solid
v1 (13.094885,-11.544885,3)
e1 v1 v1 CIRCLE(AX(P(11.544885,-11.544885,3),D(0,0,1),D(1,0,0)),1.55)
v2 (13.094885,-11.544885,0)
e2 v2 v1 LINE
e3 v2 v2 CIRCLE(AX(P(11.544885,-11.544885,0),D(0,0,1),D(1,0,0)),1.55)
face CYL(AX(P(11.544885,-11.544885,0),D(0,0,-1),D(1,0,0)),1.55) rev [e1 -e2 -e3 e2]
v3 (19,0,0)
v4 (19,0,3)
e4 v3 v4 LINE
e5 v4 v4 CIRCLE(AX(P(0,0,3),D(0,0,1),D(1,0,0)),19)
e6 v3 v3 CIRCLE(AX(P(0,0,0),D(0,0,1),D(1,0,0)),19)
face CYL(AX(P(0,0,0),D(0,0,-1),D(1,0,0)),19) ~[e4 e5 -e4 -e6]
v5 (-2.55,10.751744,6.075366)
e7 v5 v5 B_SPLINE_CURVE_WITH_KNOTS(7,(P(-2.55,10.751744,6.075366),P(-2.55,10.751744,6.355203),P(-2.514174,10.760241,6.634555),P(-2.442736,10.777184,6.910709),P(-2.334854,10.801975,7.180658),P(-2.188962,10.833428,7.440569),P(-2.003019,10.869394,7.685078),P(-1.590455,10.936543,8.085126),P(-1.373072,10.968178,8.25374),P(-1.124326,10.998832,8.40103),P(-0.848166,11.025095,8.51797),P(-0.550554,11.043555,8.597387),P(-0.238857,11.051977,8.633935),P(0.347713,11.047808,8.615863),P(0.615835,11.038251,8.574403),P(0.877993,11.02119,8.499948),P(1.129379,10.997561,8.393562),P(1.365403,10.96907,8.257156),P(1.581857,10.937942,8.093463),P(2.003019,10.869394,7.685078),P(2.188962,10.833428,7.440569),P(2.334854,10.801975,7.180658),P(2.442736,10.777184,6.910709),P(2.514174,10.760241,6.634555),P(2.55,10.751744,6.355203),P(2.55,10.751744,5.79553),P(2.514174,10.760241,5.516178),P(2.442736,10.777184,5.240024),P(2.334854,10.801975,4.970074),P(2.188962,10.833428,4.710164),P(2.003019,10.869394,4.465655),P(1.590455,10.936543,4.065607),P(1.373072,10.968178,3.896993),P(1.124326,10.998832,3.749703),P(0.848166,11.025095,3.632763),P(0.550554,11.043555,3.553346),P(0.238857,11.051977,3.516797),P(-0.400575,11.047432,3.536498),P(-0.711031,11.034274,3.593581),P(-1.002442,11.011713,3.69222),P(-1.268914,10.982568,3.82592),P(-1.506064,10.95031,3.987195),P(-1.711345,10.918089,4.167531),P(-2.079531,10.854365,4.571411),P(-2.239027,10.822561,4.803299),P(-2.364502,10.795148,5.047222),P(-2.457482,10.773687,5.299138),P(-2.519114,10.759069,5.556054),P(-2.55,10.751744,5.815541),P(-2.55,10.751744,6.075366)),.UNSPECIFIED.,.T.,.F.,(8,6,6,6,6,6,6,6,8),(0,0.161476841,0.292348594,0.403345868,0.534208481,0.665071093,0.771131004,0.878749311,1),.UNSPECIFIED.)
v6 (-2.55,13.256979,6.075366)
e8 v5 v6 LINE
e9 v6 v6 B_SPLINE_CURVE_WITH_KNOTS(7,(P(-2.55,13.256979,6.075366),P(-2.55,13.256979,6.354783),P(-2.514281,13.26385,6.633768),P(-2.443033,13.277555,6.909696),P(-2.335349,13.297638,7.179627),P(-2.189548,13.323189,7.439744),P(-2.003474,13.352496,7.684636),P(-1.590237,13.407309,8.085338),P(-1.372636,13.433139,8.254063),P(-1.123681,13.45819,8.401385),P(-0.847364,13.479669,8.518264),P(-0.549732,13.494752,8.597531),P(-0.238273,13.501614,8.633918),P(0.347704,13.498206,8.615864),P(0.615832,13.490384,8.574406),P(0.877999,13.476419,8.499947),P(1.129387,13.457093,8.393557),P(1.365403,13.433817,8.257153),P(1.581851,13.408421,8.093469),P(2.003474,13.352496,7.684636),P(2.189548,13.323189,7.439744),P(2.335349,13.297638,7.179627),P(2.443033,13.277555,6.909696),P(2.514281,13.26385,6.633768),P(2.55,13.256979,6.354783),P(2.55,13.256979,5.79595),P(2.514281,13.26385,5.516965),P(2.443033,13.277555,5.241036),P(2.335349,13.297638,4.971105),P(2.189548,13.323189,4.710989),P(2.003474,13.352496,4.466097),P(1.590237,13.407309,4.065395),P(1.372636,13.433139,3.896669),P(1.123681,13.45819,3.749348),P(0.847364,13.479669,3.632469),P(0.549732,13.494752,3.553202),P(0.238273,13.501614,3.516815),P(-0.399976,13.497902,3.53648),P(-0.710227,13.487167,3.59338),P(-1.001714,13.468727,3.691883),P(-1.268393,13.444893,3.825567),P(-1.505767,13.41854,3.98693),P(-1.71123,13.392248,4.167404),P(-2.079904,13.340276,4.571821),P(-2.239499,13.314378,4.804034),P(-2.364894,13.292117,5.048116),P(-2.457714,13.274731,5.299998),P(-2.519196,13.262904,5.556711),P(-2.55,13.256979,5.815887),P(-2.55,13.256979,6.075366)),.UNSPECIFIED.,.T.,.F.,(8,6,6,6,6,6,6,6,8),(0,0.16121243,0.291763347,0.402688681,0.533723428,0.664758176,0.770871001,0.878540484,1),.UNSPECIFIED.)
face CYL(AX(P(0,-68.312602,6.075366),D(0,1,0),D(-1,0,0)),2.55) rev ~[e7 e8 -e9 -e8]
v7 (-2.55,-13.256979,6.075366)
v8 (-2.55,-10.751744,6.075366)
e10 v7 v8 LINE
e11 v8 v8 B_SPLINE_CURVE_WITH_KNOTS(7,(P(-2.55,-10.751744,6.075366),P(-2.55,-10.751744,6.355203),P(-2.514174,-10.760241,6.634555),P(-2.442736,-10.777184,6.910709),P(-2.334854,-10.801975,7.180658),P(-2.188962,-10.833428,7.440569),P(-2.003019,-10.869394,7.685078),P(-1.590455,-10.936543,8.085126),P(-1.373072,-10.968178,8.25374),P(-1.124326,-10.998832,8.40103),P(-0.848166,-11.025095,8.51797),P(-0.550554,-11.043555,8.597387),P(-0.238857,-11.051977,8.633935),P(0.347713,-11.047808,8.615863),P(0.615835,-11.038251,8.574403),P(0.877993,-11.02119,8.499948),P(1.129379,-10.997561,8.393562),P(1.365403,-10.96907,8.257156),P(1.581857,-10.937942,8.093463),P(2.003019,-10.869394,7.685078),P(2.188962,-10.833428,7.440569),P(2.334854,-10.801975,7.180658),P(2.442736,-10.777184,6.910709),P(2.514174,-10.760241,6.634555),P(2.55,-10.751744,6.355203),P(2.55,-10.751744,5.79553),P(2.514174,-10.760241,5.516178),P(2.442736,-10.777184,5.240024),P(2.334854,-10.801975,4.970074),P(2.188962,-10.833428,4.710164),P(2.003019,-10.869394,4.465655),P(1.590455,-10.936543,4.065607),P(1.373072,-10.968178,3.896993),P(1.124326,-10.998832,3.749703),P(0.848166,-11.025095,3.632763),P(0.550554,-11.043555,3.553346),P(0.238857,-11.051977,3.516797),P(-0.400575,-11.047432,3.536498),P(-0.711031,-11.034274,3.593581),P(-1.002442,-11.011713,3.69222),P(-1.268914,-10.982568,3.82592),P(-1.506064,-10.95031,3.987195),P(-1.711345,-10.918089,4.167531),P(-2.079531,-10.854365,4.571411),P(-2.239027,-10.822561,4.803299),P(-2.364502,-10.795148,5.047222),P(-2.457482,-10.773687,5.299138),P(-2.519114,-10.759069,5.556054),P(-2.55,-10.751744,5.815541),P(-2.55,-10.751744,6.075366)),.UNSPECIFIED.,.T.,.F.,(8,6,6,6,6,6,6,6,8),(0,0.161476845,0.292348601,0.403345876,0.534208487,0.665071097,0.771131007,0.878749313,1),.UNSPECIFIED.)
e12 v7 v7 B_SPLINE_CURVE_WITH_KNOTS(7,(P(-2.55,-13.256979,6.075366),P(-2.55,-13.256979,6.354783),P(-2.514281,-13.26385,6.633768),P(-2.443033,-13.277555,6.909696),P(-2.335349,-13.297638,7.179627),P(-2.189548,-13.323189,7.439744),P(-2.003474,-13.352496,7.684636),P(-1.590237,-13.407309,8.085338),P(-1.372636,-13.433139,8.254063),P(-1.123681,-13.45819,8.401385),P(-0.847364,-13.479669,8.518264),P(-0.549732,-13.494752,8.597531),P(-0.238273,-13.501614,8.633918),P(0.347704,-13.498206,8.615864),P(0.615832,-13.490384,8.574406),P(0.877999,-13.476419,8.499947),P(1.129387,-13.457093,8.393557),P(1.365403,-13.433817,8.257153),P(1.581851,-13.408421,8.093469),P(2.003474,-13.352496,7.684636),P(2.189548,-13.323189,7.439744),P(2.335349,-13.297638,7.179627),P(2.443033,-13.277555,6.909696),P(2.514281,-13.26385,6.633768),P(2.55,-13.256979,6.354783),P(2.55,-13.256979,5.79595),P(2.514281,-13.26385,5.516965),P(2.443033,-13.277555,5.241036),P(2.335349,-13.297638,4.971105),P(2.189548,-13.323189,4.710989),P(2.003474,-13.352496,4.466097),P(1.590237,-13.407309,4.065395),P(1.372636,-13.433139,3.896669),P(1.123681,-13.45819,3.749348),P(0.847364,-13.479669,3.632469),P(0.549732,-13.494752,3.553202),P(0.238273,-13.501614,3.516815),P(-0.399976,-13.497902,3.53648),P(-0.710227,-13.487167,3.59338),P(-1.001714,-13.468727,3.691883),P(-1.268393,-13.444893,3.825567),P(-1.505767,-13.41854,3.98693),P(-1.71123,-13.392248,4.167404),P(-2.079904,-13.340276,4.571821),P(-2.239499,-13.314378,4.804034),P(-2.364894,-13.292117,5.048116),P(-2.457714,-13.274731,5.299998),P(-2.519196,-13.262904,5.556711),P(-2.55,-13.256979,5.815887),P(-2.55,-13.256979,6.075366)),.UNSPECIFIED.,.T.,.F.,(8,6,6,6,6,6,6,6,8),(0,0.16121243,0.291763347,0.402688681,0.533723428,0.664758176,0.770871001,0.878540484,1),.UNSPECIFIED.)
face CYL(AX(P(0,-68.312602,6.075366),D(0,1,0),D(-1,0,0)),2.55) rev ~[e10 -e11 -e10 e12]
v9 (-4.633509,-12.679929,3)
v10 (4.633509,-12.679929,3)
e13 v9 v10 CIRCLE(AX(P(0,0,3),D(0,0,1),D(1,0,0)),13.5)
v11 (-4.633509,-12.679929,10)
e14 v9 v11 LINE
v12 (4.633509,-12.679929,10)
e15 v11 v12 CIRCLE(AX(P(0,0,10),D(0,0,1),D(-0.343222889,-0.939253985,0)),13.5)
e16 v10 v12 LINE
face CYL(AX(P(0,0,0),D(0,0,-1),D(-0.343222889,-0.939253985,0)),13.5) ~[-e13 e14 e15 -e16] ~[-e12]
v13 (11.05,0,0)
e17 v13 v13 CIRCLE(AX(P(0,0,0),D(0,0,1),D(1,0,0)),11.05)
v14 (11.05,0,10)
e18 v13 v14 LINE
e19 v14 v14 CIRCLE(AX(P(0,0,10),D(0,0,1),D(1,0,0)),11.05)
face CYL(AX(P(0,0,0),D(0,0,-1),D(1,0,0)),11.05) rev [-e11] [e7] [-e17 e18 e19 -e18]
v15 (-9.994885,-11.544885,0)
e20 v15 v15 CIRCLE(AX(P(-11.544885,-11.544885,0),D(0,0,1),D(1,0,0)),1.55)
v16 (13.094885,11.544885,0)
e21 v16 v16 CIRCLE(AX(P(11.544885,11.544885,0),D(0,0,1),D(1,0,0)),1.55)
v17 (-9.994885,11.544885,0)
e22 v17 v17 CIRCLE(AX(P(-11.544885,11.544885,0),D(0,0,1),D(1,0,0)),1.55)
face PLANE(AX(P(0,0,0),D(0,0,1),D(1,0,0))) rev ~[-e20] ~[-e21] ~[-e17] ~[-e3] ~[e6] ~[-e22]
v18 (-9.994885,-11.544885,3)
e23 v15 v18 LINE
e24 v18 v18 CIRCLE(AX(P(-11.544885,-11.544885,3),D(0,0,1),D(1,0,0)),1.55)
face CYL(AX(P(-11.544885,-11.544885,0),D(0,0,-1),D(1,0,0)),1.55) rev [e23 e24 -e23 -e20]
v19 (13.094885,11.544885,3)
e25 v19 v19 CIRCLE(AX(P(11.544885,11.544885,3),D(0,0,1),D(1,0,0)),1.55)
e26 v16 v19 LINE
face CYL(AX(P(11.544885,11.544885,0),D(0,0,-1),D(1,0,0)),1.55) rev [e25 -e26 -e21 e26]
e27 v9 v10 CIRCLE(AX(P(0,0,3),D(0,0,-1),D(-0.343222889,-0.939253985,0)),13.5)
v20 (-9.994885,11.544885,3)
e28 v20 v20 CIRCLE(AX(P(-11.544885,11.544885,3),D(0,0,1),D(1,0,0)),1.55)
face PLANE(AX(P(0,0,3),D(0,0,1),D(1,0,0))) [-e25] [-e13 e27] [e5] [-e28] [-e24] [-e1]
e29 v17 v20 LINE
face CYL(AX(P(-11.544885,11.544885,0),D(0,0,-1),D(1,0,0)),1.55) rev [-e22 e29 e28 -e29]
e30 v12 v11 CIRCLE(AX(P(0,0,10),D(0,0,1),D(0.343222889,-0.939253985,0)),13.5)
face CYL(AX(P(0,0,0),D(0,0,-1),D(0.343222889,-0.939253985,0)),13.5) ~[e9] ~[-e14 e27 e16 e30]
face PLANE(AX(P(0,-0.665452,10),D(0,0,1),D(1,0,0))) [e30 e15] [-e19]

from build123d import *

# Parameters (mm, degrees)
F0_R     = 11.05
F1_DEPTH = 10
F4_D     = 5
F4_DEPTH = 19.5
F4_TIP   = 1.5021515476
F5_R     = 19
F5_R_2   = 1.55
F5_R_3   = 13.5
F6_DEPTH = 3
F9_D     = 5.1


with BuildPart() as f1:
    # F0 (on Top) → F1 (new body)
    with BuildSketch(Plane.XY):
        with BuildLine():
            ThreePointArc((4.633508996, -12.6799288004), (11.063506936, -7.7362015406), (13.5, 0))
            ThreePointArc((13.5, 0), (-7.7362015406, 11.063506936), (-4.633508996, -12.6799288004))
            ThreePointArc((-4.633508996, -12.6799288004), (0, -13.5), (4.633508996, -12.6799288004))
        make_face()
        Circle(F0_R, mode=Mode.SUBTRACT)
    extrude(amount=F1_DEPTH)

    # F4 (one way)
    with BuildSketch(Plane.XZ.offset(9.75)):
        with Locations((0, 5)):
            Circle(F4_D / 2)
    extrude(amount=-F4_DEPTH, mode=Mode.SUBTRACT)
    with Locations(Plane.XZ.offset(9.75)):
        with Locations((0, 5)):
            with Locations((0, 0, -(F4_DEPTH + F4_TIP / 2))):  # 118° drill point
                Cone(0, F4_D / 2, F4_TIP, mode=Mode.SUBTRACT)

    # F5 (on Top) → F6 (join)
    with BuildSketch(Plane.XY):
        Circle(F5_R)
        with Locations((-11.5448845004, -11.5448845004)):
            Circle(F5_R_2, mode=Mode.SUBTRACT)
        with Locations((11.5448845004, -11.5448845004)):
            Circle(F5_R_2, mode=Mode.SUBTRACT)
        with Locations((-11.5448845004, 11.5448845004)):
            Circle(F5_R_2, mode=Mode.SUBTRACT)
        Circle(F5_R_3, mode=Mode.SUBTRACT)
        with Locations((11.5448845004, 11.5448845004)):
            Circle(F5_R_2, mode=Mode.SUBTRACT)
    extrude(amount=F6_DEPTH)

    # F9 (through all)
    with Locations(Plane.XZ.offset(13.65)):
        with Locations((0, 6.0753664002)):
            Hole(F9_D / 2)


solid = f1.part
